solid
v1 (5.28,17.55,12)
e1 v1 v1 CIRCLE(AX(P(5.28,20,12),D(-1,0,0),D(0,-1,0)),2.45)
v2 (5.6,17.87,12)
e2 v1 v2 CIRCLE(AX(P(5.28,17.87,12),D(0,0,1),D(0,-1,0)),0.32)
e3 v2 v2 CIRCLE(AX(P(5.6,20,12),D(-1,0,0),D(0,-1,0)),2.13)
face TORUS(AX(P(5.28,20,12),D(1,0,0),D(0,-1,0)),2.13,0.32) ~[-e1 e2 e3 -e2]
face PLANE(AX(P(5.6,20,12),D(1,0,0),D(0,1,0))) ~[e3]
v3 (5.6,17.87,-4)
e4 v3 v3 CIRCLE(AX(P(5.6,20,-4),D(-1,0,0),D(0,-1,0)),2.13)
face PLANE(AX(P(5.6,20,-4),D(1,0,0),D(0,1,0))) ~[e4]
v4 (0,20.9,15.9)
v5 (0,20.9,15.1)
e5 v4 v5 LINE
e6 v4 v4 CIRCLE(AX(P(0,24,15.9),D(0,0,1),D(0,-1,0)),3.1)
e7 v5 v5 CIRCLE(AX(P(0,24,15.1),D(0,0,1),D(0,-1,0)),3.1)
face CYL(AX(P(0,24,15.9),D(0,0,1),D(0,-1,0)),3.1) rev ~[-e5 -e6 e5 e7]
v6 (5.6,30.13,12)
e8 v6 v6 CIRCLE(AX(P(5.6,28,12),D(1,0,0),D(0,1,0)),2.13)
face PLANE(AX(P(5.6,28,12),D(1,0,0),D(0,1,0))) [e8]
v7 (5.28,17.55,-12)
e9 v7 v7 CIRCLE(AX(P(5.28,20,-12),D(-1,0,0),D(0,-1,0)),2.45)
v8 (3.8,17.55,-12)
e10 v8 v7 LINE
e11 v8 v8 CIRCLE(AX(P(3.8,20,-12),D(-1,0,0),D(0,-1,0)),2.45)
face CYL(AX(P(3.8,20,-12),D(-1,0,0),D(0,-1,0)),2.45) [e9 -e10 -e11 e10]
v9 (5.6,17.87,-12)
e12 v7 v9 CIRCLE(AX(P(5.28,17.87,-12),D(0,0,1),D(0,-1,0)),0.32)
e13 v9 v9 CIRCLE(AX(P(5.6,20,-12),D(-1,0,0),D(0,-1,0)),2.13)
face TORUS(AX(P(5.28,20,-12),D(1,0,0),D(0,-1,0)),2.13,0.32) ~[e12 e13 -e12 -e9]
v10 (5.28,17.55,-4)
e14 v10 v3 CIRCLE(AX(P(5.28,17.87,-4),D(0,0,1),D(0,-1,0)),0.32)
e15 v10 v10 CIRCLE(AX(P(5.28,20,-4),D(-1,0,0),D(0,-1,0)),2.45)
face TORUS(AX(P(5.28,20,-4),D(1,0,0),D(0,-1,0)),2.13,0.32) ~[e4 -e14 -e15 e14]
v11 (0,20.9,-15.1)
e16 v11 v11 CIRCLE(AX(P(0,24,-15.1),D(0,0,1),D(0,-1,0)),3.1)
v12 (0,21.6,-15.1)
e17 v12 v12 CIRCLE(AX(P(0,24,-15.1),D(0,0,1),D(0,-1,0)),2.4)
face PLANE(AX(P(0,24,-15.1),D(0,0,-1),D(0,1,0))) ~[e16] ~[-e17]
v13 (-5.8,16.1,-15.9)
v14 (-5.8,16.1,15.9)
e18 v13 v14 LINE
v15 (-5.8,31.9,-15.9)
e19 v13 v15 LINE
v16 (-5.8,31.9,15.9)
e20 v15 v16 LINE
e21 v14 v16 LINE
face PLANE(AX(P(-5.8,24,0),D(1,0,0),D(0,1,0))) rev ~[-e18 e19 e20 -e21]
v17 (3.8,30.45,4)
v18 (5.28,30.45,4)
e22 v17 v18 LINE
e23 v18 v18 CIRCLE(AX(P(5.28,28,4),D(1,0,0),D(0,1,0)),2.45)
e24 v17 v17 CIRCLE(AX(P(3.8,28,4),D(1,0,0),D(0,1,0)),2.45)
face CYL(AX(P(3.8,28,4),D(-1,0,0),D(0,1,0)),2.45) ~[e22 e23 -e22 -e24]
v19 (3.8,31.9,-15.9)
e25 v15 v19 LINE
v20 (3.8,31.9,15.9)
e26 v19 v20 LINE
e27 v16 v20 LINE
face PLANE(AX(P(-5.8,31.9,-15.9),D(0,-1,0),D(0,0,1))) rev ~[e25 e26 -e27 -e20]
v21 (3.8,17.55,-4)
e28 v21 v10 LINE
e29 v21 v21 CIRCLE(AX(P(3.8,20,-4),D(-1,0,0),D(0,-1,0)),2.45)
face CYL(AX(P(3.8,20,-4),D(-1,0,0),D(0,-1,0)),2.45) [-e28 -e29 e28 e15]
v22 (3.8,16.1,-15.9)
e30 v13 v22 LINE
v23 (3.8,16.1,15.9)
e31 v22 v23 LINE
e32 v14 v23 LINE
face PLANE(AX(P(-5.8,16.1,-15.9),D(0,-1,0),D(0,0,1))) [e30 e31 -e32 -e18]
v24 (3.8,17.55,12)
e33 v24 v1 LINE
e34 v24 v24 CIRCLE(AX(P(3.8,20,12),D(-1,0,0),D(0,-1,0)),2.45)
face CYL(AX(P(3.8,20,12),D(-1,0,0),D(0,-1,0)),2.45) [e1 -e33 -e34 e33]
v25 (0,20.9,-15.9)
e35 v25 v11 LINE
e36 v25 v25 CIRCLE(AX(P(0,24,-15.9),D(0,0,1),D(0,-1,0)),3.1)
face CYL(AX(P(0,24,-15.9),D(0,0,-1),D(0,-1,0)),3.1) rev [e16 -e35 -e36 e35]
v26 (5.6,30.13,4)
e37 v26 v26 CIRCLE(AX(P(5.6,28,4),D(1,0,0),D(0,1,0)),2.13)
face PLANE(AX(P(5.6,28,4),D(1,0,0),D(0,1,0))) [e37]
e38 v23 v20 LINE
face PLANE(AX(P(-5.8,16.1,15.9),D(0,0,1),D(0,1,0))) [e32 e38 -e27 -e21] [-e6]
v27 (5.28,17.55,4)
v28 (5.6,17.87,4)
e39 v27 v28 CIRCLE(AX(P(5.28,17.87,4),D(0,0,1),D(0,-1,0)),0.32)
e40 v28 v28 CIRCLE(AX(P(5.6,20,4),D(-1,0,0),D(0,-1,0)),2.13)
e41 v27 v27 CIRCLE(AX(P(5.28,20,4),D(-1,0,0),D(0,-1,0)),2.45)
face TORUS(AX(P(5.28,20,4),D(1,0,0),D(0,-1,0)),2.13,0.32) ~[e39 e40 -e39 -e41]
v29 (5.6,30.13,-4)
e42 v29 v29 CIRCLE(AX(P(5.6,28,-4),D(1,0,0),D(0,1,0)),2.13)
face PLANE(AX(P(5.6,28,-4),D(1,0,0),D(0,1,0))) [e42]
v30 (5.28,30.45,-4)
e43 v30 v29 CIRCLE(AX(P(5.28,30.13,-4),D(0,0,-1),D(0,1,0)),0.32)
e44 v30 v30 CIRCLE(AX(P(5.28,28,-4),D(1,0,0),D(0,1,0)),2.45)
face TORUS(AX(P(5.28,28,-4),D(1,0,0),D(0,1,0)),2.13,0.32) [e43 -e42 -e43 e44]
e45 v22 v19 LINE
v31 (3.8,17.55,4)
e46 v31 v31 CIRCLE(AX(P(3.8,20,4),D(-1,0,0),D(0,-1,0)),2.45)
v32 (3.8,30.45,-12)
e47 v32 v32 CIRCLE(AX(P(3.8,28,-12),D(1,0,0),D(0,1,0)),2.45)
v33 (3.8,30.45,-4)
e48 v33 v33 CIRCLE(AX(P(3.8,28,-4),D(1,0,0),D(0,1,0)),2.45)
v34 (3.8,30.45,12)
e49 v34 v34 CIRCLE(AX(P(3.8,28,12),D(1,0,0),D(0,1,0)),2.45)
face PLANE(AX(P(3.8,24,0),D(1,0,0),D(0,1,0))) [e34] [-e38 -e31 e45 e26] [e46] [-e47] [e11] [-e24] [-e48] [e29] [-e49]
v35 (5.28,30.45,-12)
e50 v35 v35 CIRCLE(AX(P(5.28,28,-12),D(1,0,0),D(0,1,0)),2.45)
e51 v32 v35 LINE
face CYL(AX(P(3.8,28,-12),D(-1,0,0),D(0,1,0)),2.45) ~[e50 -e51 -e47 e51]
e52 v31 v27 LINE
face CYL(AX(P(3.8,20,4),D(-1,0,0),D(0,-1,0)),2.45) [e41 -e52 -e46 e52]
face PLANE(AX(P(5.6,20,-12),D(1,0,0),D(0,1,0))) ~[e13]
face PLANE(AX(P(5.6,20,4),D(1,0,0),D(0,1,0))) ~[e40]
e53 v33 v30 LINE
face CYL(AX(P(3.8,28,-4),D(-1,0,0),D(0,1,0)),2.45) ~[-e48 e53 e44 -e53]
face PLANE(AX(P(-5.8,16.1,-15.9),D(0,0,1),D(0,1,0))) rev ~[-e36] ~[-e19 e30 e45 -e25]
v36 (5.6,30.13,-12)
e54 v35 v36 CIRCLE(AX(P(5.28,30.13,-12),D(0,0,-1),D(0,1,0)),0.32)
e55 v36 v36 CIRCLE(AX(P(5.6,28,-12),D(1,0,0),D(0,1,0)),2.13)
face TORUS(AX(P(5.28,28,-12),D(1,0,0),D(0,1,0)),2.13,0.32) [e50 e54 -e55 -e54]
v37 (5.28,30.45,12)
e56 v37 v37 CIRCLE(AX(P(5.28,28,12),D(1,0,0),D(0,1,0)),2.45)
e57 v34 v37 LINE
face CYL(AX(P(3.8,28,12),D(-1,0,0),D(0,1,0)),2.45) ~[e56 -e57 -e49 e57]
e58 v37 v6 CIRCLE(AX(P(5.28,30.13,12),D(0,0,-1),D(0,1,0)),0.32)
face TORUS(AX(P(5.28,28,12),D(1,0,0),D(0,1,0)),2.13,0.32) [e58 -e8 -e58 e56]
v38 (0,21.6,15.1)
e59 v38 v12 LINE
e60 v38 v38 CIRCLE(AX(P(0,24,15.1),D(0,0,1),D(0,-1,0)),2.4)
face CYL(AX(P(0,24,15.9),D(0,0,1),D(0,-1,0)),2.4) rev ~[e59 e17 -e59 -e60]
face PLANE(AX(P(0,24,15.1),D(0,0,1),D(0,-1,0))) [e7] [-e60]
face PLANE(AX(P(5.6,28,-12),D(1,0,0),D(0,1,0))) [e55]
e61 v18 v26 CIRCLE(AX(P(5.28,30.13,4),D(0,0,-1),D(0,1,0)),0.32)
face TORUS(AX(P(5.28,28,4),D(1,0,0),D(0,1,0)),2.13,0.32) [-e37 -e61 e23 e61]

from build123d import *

# Parameters (mm, degrees)
SKETCH025_W                     = 15.8
SKETCH025_H                     = 31.8
PAD015_DEPTH                    = 9.6
SKETCH026_R                     = 2.4
POCKET009_DEPTH                 = 31.8
SKETCH027_R                     = 3.1
POCKET010_DEPTH                 = 0.8
SKETCH028_R                     = 2.45
PAD016_DEPTH                    = 1.8
SKETCH028_LINEARPATTERN009_2_R  = 2.45
PAD016_LINEARPATTERN009_2_DEPTH = 1.8
SKETCH028_LINEARPATTERN009_3_R  = 2.45
PAD016_LINEARPATTERN009_3_DEPTH = 1.8
SKETCH028_LINEARPATTERN009_4_R  = 2.45
PAD016_LINEARPATTERN009_4_DEPTH = 1.8
FILLET009_R                     = 0.32


with BuildPart() as part:
    # Sketch025 → Pad015 (new body)
    with BuildSketch(Plane.YZ):
        Rectangle(SKETCH025_W, SKETCH025_H)
    extrude(amount=PAD015_DEPTH)

    # Sketch026 (on Face1 of Pad015) → Pocket009 (cut)
    with BuildSketch(Plane(origin=(0, 0, 15.9), x_dir=(0, -1, 0), z_dir=(0, 0, 1))):
        with Locations((0, 5.8)):
            Circle(SKETCH026_R)
    extrude(amount=-POCKET009_DEPTH, mode=Mode.SUBTRACT)

    # Sketch027 (on Face1 of Pocket009) → Pocket010 (cut)
    with BuildSketch(Plane(origin=(0, 0, 15.9), x_dir=(0, -1, 0), z_dir=(0, 0, 1))):
        with Locations((0, 5.8)):
            Circle(SKETCH027_R)
    pocket010 = extrude(amount=-POCKET010_DEPTH, mode=Mode.SUBTRACT)

    # Mirrored004: Pocket010 across XY
    add(pocket010.mirror(Plane.XY), mode=Mode.SUBTRACT)

    # Sketch028 (on Face4 of Mirrored004) → Pad016 (join)
    with BuildSketch(Plane.YZ.offset(9.6)):
        with Locations((4, 12)):
            Circle(SKETCH028_R)
    pad016 = extrude(amount=PAD016_DEPTH)

    # Sketch028 LinearPattern009 2 → Pad016 LinearPattern009 2 (add)
    with BuildSketch(Plane(origin=(9.6, 0, -8), x_dir=(0, 1, 0), z_dir=(1, 0, 0))):
        with Locations((4, 12)):
            Circle(SKETCH028_LINEARPATTERN009_2_R)
    pad016_linearpattern009_2 = extrude(amount=PAD016_LINEARPATTERN009_2_DEPTH)

    # Sketch028 LinearPattern009 3 → Pad016 LinearPattern009 3 (add)
    with BuildSketch(Plane(origin=(9.6, 0, -16), x_dir=(0, 1, 0), z_dir=(1, 0, 0))):
        with Locations((4, 12)):
            Circle(SKETCH028_LINEARPATTERN009_3_R)
    pad016_linearpattern009_3 = extrude(amount=PAD016_LINEARPATTERN009_3_DEPTH)

    # Sketch028 LinearPattern009 4 → Pad016 LinearPattern009 4 (add)
    with BuildSketch(Plane(origin=(9.6, 0, -24), x_dir=(0, 1, 0), z_dir=(1, 0, 0))):
        with Locations((4, 12)):
            Circle(SKETCH028_LINEARPATTERN009_4_R)
    pad016_linearpattern009_4 = extrude(amount=PAD016_LINEARPATTERN009_4_DEPTH)

    # Mirrored005: Pad016, Pad016 LinearPattern009 2, Pad016 LinearPattern009 3, Pad016 LinearPattern009 4 across XZ
    add(pad016.mirror(Plane.XZ))
    add(pad016_linearpattern009_2.mirror(Plane.XZ))
    add(pad016_linearpattern009_3.mirror(Plane.XZ))
    add(pad016_linearpattern009_4.mirror(Plane.XZ))

    # Fillet009
    fillet009_edges = [part.edges().sort_by_distance(p)[0] for p in [
        (11.4, -1.55, -12),
        (11.4, 1.55, -12),
        (11.4, 1.55, -4),
        (11.4, -1.55, -4),
        (11.4, -1.55, 4),
        (11.4, 1.55, 4),
        (11.4, 1.55, 12),
        (11.4, -1.55, 12),
    ]]
    fillet(fillet009_edges, radius=FILLET009_R)


with BuildPart() as part_1:
    # Body006 placement: moved
    add(part.part.moved(Location((-5.8, 24, 0))))


solid = part_1.part
